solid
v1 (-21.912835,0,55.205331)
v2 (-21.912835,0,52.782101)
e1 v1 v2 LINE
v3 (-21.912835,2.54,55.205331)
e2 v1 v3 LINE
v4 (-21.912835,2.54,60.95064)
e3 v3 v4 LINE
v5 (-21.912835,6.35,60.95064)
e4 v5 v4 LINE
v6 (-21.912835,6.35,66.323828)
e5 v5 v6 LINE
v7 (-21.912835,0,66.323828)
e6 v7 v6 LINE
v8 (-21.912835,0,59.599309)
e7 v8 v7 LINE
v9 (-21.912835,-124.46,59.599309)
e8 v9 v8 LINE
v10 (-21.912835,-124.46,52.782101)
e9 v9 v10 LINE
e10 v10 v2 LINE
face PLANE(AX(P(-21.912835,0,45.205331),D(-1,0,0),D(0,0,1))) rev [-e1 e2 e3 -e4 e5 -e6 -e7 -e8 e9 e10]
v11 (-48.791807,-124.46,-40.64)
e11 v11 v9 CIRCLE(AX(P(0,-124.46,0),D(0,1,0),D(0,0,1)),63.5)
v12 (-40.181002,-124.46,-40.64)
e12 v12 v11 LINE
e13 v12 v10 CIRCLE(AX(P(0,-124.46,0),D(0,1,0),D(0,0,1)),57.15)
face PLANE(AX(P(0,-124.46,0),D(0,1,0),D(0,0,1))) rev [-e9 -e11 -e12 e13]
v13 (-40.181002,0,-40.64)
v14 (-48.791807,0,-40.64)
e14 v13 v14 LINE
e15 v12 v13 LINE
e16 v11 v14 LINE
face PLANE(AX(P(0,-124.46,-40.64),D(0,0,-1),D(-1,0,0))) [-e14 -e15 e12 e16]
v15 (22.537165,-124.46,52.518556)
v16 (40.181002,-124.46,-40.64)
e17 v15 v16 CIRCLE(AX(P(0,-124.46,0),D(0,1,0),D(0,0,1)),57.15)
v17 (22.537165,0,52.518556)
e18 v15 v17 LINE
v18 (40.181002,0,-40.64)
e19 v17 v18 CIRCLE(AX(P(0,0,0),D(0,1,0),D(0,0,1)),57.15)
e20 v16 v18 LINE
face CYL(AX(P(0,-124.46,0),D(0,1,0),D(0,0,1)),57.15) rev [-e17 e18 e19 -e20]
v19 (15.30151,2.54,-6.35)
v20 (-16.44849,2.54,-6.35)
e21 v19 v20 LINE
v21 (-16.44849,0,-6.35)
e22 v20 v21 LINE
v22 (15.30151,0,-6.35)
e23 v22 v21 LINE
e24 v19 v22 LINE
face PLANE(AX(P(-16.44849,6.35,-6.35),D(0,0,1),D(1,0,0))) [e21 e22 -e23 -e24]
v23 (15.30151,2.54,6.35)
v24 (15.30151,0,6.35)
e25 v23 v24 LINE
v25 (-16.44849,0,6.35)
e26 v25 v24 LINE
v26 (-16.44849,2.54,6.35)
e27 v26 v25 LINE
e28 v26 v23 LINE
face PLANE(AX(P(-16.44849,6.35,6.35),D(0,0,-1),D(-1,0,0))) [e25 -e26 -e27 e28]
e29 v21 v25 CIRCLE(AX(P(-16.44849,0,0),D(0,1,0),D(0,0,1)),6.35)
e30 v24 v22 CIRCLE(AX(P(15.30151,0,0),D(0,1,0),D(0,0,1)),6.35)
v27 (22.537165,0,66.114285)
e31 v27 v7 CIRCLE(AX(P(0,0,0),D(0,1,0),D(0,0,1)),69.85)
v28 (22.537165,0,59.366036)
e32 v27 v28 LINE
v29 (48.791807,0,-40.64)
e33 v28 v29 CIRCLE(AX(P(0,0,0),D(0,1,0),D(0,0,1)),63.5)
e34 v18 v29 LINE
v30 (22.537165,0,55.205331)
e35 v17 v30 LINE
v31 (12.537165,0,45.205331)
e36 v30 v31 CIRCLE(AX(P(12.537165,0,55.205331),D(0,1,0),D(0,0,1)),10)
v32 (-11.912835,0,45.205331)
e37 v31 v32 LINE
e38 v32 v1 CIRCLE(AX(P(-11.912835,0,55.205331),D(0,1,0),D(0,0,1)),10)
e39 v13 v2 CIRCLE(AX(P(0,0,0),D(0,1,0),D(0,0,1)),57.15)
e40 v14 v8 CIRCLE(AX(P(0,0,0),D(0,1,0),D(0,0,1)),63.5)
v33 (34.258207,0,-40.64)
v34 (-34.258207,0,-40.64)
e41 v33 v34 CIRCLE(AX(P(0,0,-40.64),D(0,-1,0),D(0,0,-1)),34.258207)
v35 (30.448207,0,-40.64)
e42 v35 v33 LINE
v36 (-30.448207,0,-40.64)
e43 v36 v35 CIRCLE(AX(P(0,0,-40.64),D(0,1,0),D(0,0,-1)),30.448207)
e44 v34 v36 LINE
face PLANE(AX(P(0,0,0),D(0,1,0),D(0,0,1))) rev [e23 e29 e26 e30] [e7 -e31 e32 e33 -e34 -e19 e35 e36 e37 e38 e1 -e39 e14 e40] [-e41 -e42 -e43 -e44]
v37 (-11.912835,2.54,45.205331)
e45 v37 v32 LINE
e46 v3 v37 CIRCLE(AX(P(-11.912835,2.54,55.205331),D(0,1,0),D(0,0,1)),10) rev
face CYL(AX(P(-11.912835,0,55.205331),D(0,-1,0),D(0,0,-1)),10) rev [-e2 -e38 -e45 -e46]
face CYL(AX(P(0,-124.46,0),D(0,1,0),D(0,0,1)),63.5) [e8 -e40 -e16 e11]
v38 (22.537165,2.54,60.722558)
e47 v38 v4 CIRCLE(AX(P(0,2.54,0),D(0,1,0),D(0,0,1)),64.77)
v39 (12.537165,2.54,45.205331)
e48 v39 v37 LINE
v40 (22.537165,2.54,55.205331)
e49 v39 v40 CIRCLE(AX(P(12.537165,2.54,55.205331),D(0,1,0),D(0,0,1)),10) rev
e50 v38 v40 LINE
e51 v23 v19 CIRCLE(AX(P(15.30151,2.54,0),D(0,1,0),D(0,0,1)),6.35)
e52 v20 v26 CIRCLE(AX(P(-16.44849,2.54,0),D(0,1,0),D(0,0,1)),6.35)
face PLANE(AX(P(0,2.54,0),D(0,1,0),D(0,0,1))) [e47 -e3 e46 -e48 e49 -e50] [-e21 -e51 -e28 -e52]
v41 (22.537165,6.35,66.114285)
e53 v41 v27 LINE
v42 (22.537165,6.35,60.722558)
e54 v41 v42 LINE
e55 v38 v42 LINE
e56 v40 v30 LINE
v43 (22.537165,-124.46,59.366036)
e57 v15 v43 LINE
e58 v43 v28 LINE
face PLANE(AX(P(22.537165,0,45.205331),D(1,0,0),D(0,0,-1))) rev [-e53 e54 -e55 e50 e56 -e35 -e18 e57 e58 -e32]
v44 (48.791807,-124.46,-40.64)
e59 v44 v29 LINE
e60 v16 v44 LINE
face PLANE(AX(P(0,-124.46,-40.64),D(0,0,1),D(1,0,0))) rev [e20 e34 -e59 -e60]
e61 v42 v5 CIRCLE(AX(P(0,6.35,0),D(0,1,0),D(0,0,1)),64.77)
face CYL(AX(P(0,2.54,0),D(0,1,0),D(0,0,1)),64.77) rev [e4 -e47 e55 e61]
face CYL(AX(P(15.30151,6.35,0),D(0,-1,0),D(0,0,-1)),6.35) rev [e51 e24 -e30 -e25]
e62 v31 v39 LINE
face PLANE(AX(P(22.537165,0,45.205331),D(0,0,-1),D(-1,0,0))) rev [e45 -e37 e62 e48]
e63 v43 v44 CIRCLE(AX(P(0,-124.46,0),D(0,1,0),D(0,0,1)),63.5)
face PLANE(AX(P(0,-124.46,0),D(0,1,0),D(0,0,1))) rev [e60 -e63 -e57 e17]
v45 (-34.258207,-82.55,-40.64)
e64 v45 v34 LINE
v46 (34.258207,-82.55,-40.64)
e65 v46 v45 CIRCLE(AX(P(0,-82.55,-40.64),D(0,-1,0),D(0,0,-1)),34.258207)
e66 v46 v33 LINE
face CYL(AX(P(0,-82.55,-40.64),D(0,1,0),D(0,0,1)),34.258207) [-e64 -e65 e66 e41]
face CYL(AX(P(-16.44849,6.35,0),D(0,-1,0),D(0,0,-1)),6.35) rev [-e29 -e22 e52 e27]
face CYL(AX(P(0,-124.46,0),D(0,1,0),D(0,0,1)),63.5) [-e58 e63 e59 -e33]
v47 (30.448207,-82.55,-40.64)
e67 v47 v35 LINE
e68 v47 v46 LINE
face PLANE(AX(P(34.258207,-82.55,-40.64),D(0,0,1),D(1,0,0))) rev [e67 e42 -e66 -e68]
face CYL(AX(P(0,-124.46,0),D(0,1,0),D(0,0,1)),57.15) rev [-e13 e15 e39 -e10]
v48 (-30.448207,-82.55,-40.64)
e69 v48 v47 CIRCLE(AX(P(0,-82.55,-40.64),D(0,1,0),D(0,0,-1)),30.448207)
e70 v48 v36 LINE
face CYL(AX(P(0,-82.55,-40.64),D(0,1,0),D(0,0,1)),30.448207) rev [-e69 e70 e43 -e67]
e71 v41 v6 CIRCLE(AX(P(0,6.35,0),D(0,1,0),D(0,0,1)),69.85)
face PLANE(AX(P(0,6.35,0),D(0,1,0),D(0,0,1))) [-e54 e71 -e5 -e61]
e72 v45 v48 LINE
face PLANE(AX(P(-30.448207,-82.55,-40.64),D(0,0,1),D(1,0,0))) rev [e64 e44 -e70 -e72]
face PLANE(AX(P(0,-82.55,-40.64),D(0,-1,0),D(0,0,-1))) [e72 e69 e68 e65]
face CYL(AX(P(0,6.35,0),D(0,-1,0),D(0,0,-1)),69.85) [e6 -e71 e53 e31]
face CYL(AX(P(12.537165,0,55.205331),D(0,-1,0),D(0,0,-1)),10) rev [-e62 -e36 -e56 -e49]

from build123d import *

# Parameters (mm, degrees)
SKETCH3_R           = 69.85
BOSS_EXTRUDE1_DEPTH = 6.35
SKETCH4_R           = 64.77
CUT_EXTRUDE1_DEPTH  = 3.81
SKETCH5_W           = 44.45
SKETCH5_H           = 25.4
CUT_EXTRUDE2_DEPTH  = 7.35
FILLET1_R           = 10
BOSS_EXTRUDE2_DEPTH = 82.55
BOSS_EXTRUDE3_DEPTH = 127


with BuildPart() as part:
    # Sketch3 → Boss-Extrude1 (new body)
    with BuildSketch(Plane(origin=(0, 0, 0), x_dir=(1, 0, 0), z_dir=(0, 1, 0))):
        Circle(SKETCH3_R)
        with BuildLine():
            Line((-16.448489627, 6.35), (15.301510373, 6.35))
            ThreePointArc((15.301510373, 6.35), (21.651510373, 0), (15.301510373, -6.35))
            Line((15.301510373, -6.35), (-16.448489627, -6.35))
            ThreePointArc((-16.448489627, -6.35), (-22.798489627, 0), (-16.448489627, 6.35))
        make_face(mode=Mode.SUBTRACT)
    extrude(amount=BOSS_EXTRUDE1_DEPTH)

    # Sketch4 → Cut-Extrude1 (cut)
    with BuildSketch(Plane(origin=(0, 6.35, 0), x_dir=(1, 0, 0), z_dir=(0, 1, 0))):
        Circle(SKETCH4_R)
    extrude(amount=-CUT_EXTRUDE1_DEPTH, mode=Mode.SUBTRACT)

    # Sketch5 → Cut-Extrude2 (cut, through all)
    with BuildSketch(Plane(origin=(0, 6.35, 0), x_dir=(1, 0, 0), z_dir=(0, 1, 0))):
        with Locations((0.312165283, -57.905331129)):
            Rectangle(SKETCH5_W, SKETCH5_H)
    extrude(amount=-CUT_EXTRUDE2_DEPTH, mode=Mode.SUBTRACT)

    # Fillet1
    fillet1_edges = [part.edges().sort_by_distance(p)[0] for p in [
        (22.537165283, 1.27, 45.205331129),
        (-21.912834717, 1.27, 45.205331129),
    ]]
    fillet(fillet1_edges, radius=FILLET1_R)

    # Sketch8 → Boss-Extrude2 (add)
    with BuildSketch(Plane.XZ):
        with BuildLine():
            Line((34.258206884, -40.64), (30.448206884, -40.64))
            ThreePointArc((30.448206884, -40.64), (0, -10.191793116), (-30.448206884, -40.64))
            Line((-30.448206884, -40.64), (-34.258206884, -40.64))
            ThreePointArc((-34.258206884, -40.64), (0, -6.381793116), (34.258206884, -40.64))
        make_face()
    extrude(amount=BOSS_EXTRUDE2_DEPTH)

    # Sketch11 → Boss-Extrude3 (add)
    with BuildSketch(Plane(origin=(0, 2.54, 0), x_dir=(1, 0, 0), z_dir=(0, 1, 0))):
        with BuildLine():
            ThreePointArc((-21.912834717, -52.782100893), (-56.087729184, -10.967640358), (-40.18100173, 40.64))
            Line((-40.18100173, 40.64), (-48.791806689, 40.64))
            ThreePointArc((-48.791806689, 40.64), (-61.333240284, -16.446386725), (-21.912834717, -59.599309347))
            Line((-21.912834717, -59.599309347), (-21.912834717, -55.205331129))
            Line((-21.912834717, -55.205331129), (-21.912834717, -52.782100893))
        make_face()
        with BuildLine():
            Line((48.791806689, 40.64), (40.18100173, 40.64))
            ThreePointArc((40.18100173, 40.64), (56.15176968, -10.634907703), (22.537165283, -52.518555588))
            Line((22.537165283, -52.518555588), (22.537165283, -55.205331129))
            Line((22.537165283, -55.205331129), (22.537165283, -59.366035584))
            ThreePointArc((22.537165283, -59.366035584), (61.418705204, -16.124287613), (48.791806689, 40.64))
        make_face()
    extrude(amount=-BOSS_EXTRUDE3_DEPTH)


solid = part.part
